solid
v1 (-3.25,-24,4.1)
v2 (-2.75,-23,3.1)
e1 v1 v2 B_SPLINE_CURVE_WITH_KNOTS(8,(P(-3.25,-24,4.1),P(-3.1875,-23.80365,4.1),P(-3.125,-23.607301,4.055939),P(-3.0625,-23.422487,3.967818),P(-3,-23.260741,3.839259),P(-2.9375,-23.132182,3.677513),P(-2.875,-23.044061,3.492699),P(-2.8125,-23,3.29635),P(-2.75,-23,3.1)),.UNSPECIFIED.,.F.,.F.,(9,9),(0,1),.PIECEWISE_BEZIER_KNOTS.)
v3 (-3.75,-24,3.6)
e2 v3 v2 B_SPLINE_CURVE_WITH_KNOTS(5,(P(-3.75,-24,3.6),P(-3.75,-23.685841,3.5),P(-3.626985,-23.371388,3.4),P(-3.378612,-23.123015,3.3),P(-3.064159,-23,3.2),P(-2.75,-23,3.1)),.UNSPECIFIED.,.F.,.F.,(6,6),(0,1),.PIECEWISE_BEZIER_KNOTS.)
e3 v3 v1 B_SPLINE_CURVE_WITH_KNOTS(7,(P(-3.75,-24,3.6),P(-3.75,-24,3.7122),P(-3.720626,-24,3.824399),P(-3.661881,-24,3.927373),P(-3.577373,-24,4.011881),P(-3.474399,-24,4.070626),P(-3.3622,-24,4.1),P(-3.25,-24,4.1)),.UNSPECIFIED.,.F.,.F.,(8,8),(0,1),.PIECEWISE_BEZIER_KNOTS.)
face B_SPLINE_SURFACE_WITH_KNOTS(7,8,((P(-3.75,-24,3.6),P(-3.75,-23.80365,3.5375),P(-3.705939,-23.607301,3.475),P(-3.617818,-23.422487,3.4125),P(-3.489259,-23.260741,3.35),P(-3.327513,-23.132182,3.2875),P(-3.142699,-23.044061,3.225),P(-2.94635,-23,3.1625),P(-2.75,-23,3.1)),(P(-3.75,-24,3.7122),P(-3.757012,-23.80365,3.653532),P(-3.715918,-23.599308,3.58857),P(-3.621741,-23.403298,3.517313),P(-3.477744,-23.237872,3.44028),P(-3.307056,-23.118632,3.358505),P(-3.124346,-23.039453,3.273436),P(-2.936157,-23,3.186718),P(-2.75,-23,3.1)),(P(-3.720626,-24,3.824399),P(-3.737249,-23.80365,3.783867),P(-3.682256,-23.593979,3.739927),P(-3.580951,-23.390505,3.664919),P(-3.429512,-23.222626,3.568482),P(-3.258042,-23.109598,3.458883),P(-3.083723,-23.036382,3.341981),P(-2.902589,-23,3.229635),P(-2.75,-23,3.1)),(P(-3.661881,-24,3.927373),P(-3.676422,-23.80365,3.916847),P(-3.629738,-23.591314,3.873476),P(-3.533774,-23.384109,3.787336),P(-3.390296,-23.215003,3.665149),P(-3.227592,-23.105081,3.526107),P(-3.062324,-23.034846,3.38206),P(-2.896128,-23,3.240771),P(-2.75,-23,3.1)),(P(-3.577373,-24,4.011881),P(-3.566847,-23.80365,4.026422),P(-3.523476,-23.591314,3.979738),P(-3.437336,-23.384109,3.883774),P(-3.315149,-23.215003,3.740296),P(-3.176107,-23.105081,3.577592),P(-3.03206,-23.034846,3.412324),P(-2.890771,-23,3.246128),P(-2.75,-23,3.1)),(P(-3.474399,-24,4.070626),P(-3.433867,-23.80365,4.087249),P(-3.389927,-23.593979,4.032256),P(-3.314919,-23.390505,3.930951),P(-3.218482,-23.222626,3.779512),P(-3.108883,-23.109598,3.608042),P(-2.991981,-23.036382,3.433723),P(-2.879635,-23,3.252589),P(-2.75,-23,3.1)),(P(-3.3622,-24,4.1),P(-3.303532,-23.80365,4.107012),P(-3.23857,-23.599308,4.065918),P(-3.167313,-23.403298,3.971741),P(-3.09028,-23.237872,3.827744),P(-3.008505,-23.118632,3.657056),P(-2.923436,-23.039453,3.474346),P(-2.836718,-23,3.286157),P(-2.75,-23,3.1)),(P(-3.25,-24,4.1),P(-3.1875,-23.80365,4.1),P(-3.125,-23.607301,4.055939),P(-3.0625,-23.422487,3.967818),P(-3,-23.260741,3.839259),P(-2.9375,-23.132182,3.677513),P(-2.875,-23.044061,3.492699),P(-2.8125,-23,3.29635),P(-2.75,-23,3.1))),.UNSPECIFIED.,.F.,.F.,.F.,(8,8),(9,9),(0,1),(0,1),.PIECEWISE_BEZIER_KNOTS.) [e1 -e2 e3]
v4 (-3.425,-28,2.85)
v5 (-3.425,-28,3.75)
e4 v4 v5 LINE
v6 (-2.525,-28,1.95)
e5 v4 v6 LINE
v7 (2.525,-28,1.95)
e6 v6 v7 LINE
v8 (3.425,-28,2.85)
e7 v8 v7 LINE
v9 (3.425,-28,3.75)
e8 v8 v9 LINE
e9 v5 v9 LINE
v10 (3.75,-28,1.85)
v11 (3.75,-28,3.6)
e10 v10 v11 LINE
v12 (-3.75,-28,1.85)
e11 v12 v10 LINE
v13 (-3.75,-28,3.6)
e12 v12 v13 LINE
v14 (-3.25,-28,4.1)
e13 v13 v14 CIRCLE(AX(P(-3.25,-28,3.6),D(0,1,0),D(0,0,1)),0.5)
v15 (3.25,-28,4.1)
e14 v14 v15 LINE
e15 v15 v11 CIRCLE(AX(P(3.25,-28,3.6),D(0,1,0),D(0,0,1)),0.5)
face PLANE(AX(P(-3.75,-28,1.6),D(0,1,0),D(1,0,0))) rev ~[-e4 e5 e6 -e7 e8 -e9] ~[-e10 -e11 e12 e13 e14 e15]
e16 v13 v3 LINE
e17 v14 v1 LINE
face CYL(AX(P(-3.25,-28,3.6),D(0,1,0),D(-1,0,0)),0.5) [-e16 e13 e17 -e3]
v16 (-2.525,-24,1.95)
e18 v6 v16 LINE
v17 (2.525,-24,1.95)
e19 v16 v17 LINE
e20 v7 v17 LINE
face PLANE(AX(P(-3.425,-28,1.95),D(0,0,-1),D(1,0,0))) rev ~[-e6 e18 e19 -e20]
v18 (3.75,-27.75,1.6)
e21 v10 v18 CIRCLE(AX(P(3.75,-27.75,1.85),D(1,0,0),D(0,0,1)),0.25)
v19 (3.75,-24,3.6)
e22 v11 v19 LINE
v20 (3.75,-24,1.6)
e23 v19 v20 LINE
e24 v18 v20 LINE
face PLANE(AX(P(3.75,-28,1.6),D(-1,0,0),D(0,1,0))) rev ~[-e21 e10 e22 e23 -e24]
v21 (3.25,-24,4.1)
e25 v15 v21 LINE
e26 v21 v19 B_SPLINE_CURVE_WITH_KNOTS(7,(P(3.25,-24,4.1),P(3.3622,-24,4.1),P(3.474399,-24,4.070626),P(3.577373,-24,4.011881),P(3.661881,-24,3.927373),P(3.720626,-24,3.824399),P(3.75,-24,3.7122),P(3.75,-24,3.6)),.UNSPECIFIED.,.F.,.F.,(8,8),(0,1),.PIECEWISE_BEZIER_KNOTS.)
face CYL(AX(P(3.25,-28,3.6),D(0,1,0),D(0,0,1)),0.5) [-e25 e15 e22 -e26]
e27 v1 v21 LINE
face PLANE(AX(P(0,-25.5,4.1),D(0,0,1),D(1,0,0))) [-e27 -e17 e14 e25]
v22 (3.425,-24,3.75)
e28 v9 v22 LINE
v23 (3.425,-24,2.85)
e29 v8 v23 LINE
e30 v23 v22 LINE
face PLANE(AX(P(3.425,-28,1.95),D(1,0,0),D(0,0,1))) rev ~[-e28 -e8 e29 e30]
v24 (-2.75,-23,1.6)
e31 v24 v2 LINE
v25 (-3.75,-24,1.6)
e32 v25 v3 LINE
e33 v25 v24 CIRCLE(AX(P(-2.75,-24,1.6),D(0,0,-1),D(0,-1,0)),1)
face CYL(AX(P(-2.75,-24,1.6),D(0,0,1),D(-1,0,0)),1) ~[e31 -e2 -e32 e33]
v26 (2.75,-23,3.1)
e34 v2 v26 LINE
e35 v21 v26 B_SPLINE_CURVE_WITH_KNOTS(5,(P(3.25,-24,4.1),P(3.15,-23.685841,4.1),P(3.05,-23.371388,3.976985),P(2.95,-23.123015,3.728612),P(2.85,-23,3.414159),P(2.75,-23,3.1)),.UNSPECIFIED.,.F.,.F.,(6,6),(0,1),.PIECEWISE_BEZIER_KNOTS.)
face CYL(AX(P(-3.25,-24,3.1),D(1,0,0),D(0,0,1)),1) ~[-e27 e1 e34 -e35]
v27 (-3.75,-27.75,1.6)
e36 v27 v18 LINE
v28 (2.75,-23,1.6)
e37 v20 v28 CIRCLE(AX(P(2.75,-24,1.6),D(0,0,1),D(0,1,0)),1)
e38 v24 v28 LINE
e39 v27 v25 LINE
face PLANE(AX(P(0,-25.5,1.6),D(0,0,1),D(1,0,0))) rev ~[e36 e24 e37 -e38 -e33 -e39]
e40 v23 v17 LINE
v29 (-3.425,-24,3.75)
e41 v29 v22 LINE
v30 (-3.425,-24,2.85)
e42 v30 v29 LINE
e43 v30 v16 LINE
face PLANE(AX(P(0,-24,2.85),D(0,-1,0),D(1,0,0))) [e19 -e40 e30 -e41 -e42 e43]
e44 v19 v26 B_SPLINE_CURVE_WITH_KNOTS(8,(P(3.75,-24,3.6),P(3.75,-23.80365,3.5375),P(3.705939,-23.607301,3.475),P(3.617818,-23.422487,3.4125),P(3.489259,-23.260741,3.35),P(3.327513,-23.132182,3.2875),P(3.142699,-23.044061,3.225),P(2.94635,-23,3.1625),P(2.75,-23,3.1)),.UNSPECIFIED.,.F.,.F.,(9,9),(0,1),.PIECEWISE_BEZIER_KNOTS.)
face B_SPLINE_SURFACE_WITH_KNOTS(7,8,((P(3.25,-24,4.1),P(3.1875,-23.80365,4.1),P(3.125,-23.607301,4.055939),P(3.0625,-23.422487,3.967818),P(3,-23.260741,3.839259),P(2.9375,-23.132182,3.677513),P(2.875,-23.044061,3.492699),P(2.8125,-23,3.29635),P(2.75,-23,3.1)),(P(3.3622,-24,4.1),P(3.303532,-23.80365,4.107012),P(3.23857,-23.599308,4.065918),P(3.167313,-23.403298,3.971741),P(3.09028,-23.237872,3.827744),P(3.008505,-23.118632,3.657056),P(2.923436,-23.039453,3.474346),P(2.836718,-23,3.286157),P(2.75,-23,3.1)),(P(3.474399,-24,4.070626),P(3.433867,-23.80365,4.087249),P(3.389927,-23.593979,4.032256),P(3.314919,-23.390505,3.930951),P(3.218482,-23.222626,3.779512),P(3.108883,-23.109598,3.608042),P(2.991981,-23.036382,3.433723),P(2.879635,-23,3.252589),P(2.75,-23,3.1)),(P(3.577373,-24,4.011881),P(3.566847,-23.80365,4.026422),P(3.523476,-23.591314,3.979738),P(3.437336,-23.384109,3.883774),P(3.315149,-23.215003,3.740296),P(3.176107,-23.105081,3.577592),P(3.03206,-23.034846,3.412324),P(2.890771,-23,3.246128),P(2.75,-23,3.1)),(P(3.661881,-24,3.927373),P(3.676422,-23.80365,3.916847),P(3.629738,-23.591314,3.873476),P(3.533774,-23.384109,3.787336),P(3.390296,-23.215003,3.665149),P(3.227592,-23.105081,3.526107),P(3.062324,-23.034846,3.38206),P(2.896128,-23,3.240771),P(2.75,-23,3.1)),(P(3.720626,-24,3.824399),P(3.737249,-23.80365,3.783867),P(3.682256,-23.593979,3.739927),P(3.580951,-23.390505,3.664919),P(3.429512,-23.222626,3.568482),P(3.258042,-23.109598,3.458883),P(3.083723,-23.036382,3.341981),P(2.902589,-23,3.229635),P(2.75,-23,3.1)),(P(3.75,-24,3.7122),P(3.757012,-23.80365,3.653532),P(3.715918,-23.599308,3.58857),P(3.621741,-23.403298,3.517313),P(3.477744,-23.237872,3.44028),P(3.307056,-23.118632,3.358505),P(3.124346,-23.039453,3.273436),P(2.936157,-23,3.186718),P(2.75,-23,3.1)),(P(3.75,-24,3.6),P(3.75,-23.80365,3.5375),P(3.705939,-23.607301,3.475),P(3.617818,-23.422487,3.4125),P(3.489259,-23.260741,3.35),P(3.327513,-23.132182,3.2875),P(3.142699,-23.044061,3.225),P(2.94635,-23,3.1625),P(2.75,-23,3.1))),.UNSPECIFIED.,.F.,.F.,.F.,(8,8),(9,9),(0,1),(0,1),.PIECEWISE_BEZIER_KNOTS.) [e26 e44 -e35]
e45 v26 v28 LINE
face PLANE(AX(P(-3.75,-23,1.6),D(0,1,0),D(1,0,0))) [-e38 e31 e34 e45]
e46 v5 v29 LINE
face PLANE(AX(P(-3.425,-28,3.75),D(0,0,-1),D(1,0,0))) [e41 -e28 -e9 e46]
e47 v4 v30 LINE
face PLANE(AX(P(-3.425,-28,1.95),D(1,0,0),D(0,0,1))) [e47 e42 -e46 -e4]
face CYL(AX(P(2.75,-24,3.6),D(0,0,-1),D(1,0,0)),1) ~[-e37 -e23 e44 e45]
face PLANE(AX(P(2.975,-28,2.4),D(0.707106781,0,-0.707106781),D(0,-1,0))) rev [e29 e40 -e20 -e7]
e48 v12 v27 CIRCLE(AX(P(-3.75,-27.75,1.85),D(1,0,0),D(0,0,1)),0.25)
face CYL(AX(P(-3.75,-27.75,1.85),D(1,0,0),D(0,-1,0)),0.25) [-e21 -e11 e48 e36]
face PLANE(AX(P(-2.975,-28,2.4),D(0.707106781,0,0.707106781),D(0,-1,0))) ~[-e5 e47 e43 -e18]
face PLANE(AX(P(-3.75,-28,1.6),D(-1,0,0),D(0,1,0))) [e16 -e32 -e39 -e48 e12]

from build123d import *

# Parameters (mm, degrees)
SKETCH007_W     = 7.5
SKETCH007_H     = 5
PAD006_DEPTH    = 2.5
SKETCH008_W     = 6.85
SKETCH008_H     = 1.8
POCKET001_DEPTH = 4
FILLET_R        = 0.5
CHAMFER003_SIZE = 0.9
FILLET001_R     = 0.25
FILLET002_R     = 1


with BuildPart() as part:
    # Sketch007 (on Face1 of CopyPad003) → Pad006 (new body)
    with BuildSketch(Plane.XY.offset(1.6)):
        with Locations((0, -25.5)):
            Rectangle(SKETCH007_W, SKETCH007_H)
    extrude(amount=PAD006_DEPTH)

    # Sketch008 (on Face1 of Pad006) → Pocket001 (cut)
    with BuildSketch(Plane(origin=(0, -28, 1.6), x_dir=(1, 0, 0), z_dir=(0, -1, 0))):
        with Locations((0, 1.25)):
            Rectangle(SKETCH008_W, SKETCH008_H)
    extrude(amount=-POCKET001_DEPTH, mode=Mode.SUBTRACT)

    # Fillet
    fillet_edges = [part.edges().sort_by_distance(p)[0] for p in [
        (-3.75, -25.5, 4.1),
        (3.75, -25.5, 4.1),
    ]]
    fillet(fillet_edges, radius=FILLET_R)

    # Chamfer003
    chamfer003_edges = [part.edges().sort_by_distance(p)[0] for p in [
        (3.425, -26, 1.95),
        (-3.425, -26, 1.95),
    ]]
    chamfer(chamfer003_edges, length=CHAMFER003_SIZE)

    # Fillet001
    fillet001_edges = [part.edges().sort_by_distance(p)[0] for p in [
        (0, -28, 1.6),
    ]]
    fillet(fillet001_edges, radius=FILLET001_R)

    # Fillet002
    fillet002_edges = [part.edges().sort_by_distance(p)[0] for p in [
        (0, -23, 4.1),
    ]]
    fillet(fillet002_edges, radius=FILLET002_R)


solid = part.part
